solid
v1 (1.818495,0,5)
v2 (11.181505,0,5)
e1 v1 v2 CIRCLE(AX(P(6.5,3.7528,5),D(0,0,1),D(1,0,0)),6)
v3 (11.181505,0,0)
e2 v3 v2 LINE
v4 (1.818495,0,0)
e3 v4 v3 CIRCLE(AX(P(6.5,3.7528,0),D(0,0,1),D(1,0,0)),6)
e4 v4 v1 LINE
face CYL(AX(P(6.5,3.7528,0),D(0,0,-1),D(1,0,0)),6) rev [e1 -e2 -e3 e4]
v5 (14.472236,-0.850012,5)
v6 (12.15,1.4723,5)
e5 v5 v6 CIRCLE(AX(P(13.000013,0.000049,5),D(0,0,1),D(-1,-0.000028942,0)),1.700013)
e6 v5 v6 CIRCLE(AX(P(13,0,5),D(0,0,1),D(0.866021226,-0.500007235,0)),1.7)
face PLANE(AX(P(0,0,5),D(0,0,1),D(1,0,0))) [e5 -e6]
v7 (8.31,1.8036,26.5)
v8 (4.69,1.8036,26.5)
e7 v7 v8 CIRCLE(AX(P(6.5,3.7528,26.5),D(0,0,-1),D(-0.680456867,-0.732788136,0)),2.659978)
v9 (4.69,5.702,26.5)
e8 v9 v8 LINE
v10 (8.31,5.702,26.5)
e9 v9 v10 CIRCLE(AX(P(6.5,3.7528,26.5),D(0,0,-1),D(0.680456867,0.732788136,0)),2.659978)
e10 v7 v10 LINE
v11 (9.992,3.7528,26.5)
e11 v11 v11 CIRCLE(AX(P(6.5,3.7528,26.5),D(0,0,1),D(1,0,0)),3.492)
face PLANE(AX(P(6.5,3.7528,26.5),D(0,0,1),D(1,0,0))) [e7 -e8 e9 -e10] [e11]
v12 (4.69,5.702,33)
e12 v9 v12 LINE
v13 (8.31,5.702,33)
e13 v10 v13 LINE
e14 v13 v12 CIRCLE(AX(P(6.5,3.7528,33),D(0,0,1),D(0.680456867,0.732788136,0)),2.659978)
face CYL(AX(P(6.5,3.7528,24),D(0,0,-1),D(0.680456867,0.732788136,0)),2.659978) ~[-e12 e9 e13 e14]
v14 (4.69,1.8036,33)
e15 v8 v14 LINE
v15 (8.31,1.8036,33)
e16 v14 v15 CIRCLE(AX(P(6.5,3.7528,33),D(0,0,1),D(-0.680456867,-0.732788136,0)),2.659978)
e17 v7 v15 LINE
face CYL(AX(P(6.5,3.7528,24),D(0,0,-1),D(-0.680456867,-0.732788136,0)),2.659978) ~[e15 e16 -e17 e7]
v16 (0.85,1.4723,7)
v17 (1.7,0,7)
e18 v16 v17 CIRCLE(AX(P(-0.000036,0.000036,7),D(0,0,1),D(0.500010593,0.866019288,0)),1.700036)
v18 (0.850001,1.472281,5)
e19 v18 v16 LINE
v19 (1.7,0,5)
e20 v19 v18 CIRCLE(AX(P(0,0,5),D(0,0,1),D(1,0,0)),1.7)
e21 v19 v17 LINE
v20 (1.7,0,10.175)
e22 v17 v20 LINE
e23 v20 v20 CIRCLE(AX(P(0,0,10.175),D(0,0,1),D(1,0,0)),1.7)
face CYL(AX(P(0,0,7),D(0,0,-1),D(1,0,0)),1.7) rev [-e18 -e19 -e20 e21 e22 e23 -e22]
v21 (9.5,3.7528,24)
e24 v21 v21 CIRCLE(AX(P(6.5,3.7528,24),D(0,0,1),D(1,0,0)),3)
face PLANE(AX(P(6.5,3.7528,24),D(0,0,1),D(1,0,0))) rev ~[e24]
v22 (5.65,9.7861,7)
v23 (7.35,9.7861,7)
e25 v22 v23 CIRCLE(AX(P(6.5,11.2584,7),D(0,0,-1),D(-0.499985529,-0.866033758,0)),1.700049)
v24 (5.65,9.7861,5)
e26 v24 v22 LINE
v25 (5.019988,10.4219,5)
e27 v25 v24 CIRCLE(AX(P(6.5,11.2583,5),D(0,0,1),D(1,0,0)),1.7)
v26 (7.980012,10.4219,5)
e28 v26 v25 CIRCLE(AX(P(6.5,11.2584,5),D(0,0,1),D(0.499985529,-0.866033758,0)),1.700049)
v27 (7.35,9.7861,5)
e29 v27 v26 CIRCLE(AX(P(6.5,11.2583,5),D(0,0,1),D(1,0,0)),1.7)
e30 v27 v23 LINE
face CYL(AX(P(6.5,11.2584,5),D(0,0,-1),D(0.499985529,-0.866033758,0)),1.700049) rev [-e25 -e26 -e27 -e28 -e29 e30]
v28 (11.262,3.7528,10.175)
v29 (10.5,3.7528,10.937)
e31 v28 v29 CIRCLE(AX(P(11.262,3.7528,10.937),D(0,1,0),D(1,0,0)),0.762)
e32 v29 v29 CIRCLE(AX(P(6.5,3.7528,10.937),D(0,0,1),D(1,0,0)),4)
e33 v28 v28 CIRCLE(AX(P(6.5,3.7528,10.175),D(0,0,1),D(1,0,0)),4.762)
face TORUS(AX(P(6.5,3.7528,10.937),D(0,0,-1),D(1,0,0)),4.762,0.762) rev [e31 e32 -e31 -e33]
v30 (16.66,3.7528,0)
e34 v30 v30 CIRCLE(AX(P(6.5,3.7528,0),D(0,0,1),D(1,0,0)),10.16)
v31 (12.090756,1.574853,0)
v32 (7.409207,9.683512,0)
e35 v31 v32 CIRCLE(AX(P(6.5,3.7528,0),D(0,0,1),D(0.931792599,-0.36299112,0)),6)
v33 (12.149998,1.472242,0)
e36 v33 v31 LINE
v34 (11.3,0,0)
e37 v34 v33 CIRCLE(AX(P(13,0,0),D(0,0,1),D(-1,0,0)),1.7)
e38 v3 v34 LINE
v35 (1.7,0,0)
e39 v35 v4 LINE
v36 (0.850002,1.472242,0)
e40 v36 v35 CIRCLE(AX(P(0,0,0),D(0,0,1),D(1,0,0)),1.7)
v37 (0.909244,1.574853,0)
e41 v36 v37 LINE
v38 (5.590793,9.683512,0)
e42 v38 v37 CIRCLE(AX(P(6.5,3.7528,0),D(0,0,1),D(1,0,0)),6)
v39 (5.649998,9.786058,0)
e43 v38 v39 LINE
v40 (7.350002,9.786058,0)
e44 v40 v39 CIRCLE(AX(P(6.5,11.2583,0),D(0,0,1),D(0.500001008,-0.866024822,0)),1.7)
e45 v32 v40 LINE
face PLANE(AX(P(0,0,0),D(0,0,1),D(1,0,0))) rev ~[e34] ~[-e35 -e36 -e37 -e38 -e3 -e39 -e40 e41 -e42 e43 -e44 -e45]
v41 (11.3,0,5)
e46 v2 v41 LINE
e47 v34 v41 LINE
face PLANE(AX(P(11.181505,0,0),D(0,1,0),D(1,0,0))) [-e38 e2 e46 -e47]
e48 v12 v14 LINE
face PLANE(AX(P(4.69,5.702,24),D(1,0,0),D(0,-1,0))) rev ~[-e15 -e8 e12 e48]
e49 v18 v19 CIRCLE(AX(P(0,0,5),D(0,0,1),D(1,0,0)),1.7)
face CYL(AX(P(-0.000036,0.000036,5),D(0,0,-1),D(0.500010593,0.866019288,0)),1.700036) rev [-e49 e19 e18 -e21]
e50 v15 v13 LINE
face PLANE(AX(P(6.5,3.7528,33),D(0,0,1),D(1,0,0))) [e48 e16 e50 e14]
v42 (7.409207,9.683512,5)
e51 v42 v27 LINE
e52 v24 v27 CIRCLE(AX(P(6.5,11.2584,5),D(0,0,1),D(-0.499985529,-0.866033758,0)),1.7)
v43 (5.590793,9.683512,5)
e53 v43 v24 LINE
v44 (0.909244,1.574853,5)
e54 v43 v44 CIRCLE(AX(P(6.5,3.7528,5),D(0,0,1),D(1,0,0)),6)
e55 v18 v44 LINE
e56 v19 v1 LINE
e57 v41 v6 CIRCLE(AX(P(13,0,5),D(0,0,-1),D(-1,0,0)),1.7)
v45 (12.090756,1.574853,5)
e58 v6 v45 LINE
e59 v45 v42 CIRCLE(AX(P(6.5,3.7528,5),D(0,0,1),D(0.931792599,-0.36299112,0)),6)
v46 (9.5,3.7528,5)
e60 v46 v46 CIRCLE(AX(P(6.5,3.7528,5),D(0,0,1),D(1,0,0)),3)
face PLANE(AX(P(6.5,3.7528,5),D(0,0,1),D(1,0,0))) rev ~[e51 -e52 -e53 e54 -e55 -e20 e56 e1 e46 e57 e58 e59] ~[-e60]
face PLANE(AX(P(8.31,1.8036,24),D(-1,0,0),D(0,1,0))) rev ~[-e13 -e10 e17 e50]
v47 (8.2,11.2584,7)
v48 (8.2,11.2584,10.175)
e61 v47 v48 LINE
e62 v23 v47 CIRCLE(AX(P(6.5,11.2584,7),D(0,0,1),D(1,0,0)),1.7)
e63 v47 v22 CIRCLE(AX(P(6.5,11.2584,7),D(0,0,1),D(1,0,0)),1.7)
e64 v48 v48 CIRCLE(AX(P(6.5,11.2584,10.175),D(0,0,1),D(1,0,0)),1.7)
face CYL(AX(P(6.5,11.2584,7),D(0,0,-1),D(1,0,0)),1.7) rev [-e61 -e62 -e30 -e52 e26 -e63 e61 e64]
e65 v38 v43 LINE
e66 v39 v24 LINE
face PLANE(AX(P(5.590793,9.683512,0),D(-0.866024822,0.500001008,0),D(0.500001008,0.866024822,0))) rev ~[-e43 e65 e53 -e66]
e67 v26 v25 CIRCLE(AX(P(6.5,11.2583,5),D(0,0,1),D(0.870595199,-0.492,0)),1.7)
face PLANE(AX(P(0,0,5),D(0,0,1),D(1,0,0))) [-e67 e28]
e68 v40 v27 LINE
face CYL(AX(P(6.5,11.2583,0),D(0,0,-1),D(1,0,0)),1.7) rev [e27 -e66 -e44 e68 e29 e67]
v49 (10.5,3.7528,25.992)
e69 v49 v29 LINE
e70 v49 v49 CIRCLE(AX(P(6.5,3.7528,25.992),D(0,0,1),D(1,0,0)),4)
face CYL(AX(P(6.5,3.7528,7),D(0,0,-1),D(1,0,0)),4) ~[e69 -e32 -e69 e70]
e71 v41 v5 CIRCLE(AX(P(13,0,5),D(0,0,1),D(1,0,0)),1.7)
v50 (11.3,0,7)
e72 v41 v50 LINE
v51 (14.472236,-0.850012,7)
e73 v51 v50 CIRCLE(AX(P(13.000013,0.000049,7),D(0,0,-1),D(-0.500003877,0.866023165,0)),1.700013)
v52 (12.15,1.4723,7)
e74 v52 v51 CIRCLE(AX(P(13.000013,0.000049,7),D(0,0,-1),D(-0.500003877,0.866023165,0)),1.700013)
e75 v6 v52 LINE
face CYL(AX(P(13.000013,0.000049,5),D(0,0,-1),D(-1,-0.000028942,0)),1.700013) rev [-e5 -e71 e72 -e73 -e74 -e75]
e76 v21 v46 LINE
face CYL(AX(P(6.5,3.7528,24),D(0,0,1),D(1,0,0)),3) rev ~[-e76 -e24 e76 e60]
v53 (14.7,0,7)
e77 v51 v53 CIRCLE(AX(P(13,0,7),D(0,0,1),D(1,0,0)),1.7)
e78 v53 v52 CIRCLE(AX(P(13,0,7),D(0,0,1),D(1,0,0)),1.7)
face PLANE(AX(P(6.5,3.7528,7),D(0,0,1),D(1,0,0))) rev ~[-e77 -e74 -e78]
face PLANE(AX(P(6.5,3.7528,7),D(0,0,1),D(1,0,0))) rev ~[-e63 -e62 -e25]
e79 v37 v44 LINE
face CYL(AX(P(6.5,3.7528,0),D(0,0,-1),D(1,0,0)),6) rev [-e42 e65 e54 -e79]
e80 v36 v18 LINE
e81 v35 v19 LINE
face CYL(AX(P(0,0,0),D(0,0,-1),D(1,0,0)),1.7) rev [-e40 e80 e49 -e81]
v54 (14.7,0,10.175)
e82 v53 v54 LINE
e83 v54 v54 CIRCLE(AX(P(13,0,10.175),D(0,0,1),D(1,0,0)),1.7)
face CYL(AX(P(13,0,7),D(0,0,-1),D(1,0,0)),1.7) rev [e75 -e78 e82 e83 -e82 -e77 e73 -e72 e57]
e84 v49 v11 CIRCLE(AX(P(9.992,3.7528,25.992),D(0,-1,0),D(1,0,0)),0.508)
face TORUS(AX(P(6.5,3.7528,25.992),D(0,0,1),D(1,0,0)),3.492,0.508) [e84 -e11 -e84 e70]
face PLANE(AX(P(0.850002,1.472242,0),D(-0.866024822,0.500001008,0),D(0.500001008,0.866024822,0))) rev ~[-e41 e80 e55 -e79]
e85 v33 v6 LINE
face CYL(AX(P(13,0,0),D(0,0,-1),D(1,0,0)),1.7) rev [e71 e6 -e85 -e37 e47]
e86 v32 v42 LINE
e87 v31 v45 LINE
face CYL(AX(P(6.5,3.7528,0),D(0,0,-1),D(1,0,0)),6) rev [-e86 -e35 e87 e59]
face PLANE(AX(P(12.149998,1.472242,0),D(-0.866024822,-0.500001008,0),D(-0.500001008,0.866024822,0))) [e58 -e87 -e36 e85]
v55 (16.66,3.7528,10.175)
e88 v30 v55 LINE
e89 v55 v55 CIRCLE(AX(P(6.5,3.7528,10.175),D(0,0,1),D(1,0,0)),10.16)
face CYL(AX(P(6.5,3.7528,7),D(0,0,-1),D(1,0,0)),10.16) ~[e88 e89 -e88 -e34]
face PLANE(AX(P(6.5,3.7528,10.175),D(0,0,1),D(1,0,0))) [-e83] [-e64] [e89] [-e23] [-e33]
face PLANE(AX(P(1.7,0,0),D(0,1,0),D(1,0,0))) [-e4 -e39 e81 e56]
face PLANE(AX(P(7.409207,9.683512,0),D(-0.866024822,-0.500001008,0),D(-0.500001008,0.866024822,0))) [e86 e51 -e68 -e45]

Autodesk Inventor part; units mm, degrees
ref_plane "YZ Plane" through (0, 0, 0) normal (1, 0, 0) x (0, 1, 0)
ref_plane "XZ Plane" through (0, 0, 0) normal (0, 1, 0) x (-1, 0, 0)
ref_plane "XY Plane" through (0, 0, 0) normal (0, 0, 1) x (1, 0, 0)
sketch "Sketch1" plane through (0, 0, 0) normal (0, 0, 1) x (1, 0, 0)
  line L0 (6.5, 0) -> (19.5, 0) construction
  line L1 (0, 0) -> (13, 0)
  line L2 (13, 0) -> (6.5, 11.2583)
  line L3 (0, 0) -> (6.5, 11.2583)
  circle A0 centre (6.5, 3.7528) radius 6
  line L4 (6.5, 11.2583) -> (6.5, 0)
  circle A1 centre (6.5, 11.2583) radius 1.7
  circle A2 centre (13, 0) radius 1.7
  circle A3 centre (0, 0) radius 1.7
  circle A4 centre (6.5, 3.7528) radius 10.16
  point P0 (1.7, 0)
  point P1 (0.85, 1.4722)
  point P2 (0.9092, 1.5748)
  point P3 (5.5908, 9.6835)
  point P4 (5.65, 9.7861)
  point P5 (7.35, 9.7861)
  point P6 (7.4092, 9.6835)
  point P7 (12.0908, 1.5748)
  point P8 (12.15, 1.4722)
  point P9 (11.3, 0)
  point P10 (11.1815, 0)
  point P11 (1.8185, 0)
  dimension "d6" = 13
  dimension "d7" = 13
  dimension "d8" = 13
  dimension "d9" = 12
  dimension "d10" = 3.4
  dimension "d11" = 3.4
  dimension "d12" = 3.4
  dimension "d13" = 20.32
extrude "Extrusion1" add sketch "Sketch1" along normal blind 5
sketch "Sketch2" plane through (6.5, 3.7528, 5) normal (0, 0, 1) x (1, 0, 0)
  arc A0 (5.5908, -2.1779) -> (0.9092, 5.9307) centre (0, 0) ccw projected
  circle A1 centre (0, 0) radius 6
  circle A2 centre (0, 0) radius 3
  circle A3 centre (0, 0) radius 10.16 projected
  arc A4 (-5.65, -2.2805) -> (-4.8, -3.7528) centre (-6.5, -3.7528) ccw projected
  line L0 (-5.65, -2.2805) -> (-5.5908, -2.1779) projected
  arc A5 (-0.9092, 5.9307) -> (-5.5908, -2.1779) centre (0, 0) ccw projected
  line L1 (-0.9092, 5.9307) -> (-0.85, 6.0333) projected
  arc A6 (0.85, 6.0333) -> (-0.85, 6.0333) centre (0, 7.5056) ccw projected
  line L2 (0.85, 6.0333) -> (0.9092, 5.9307) projected
  arc A7 (5.5908, -2.1779) -> (0.9092, 5.9307) centre (0, 0) ccw projected
  line L3 (5.5908, -2.1779) -> (5.65, -2.2805) projected
  arc A8 (4.8, -3.7528) -> (5.65, -2.2805) centre (6.5, -3.7528) ccw projected
  line L4 (4.8, -3.7528) -> (4.6815, -3.7528) projected
  arc A9 (-4.6815, -3.7528) -> (4.6815, -3.7528) centre (0, 0) ccw projected
  line L5 (-4.6815, -3.7528) -> (-4.8, -3.7528) projected
  circle A10 centre (0, 7.5056) radius 1.7
  circle A11 centre (-6.5, -3.7528) radius 1.7
  circle A12 centre (6.5, -3.7528) radius 1.7
  point P0 (0.9092, 5.9307)
  point P1 (0.9092, 5.9307)
  point P2 (-4.6815, -3.7528)
  point P3 (-5.65, -2.2805)
  dimension "d16" = 6
extrude "Extrusion2" add sketch "Sketch2" along normal blind 2 contours A1 A12 A11 A10 A0 | L3 A12 A1 | A1 A10 L2 | A12 L4 A1 | A1 L1 A10 | L5 A11 A1 | A1 A11 L0 | A2 | A3
sketch "Sketch3" plane through (6.5, 3.7528, 7) normal (0, 0, 1) x (1, 0, 0)
  circle A0 centre (0, 0) radius 4
  point P0 (-6.5, -3.7528)
  dimension "d19" = 8
extrude "Extrusion3" add sketch "Sketch3" along normal blind 17
sketch "Sketch5" plane through (6.5, 3.7528, 24) normal (0, 0, 1) x (1, 0, 0)
  circle A0 centre (0, 0) radius 3
  point P0 (-6.5, -3.7528)
  dimension "d22" = 6
extrude "Extrusion4" cut sketch "Sketch5" against normal blind 22.6875
sketch "Sketch7" plane through (6.5, 3.7528, 24) normal (0, 0, 1) x (1, 0, 0)
  arc A0 (1.85, 1.9666) -> (-1.85, 1.9666) centre (0, 0) ccw
  line L0 (-1.85, 1.9666) -> (-1.85, -1.9666)
  arc A1 (-1.85, -1.9666) -> (1.85, -1.9666) centre (0, 0) ccw
  line L1 (1.85, -1.9666) -> (1.85, 1.9666)
  arc A2 (1.81, 1.9492) -> (-1.81, 1.9492) centre (0, 0) ccw
  line L2 (-1.81, 1.9492) -> (-1.81, -1.9492)
  arc A3 (-1.81, -1.9492) -> (1.81, -1.9492) centre (0, 0) ccw
  line L3 (1.81, -1.9492) -> (1.81, 1.9492)
  point P0 (-6.5, -3.7528)
  dimension "d30" = 0.04
extrude "Extrusion5" add sketch "Sketch7" along normal blind 9 contours L3 A3 L2 A2
sketch "Sketch8" plane through (6.5, 3.7528, 24) normal (0, 0, 1) x (1, 0, 0)
  circle A0 centre (0, 0) radius 4 projected
  point P0 (-6.5, -3.7528)
extrude "Extrusion6" add sketch "Sketch8" along normal blind 2.5
fillet "Fillet2" radius 0.508 1 edges at (2.5, 3.7528, 26.5)
sketch "Sketch9" plane through (6.5, 3.7528, 7) normal (0, 0, 1) x (1, 0, 0)
  circle A0 centre (0, 0) radius 4 projected
  circle A1 centre (0, 0) radius 10.16 projected
  circle A2 centre (-6.5, -3.7528) radius 1.7 projected
  circle A3 centre (0, 7.5056) radius 1.7 projected
  circle A4 centre (6.5, -3.7528) radius 1.7 projected
extrude "Extrusion7" add sketch "Sketch9" along normal blind 3.175
fillet "Fillet3" radius 0.762 1 edges at (2.5, 3.7528, 10.175)
properties part number "Mounting Adapter"
